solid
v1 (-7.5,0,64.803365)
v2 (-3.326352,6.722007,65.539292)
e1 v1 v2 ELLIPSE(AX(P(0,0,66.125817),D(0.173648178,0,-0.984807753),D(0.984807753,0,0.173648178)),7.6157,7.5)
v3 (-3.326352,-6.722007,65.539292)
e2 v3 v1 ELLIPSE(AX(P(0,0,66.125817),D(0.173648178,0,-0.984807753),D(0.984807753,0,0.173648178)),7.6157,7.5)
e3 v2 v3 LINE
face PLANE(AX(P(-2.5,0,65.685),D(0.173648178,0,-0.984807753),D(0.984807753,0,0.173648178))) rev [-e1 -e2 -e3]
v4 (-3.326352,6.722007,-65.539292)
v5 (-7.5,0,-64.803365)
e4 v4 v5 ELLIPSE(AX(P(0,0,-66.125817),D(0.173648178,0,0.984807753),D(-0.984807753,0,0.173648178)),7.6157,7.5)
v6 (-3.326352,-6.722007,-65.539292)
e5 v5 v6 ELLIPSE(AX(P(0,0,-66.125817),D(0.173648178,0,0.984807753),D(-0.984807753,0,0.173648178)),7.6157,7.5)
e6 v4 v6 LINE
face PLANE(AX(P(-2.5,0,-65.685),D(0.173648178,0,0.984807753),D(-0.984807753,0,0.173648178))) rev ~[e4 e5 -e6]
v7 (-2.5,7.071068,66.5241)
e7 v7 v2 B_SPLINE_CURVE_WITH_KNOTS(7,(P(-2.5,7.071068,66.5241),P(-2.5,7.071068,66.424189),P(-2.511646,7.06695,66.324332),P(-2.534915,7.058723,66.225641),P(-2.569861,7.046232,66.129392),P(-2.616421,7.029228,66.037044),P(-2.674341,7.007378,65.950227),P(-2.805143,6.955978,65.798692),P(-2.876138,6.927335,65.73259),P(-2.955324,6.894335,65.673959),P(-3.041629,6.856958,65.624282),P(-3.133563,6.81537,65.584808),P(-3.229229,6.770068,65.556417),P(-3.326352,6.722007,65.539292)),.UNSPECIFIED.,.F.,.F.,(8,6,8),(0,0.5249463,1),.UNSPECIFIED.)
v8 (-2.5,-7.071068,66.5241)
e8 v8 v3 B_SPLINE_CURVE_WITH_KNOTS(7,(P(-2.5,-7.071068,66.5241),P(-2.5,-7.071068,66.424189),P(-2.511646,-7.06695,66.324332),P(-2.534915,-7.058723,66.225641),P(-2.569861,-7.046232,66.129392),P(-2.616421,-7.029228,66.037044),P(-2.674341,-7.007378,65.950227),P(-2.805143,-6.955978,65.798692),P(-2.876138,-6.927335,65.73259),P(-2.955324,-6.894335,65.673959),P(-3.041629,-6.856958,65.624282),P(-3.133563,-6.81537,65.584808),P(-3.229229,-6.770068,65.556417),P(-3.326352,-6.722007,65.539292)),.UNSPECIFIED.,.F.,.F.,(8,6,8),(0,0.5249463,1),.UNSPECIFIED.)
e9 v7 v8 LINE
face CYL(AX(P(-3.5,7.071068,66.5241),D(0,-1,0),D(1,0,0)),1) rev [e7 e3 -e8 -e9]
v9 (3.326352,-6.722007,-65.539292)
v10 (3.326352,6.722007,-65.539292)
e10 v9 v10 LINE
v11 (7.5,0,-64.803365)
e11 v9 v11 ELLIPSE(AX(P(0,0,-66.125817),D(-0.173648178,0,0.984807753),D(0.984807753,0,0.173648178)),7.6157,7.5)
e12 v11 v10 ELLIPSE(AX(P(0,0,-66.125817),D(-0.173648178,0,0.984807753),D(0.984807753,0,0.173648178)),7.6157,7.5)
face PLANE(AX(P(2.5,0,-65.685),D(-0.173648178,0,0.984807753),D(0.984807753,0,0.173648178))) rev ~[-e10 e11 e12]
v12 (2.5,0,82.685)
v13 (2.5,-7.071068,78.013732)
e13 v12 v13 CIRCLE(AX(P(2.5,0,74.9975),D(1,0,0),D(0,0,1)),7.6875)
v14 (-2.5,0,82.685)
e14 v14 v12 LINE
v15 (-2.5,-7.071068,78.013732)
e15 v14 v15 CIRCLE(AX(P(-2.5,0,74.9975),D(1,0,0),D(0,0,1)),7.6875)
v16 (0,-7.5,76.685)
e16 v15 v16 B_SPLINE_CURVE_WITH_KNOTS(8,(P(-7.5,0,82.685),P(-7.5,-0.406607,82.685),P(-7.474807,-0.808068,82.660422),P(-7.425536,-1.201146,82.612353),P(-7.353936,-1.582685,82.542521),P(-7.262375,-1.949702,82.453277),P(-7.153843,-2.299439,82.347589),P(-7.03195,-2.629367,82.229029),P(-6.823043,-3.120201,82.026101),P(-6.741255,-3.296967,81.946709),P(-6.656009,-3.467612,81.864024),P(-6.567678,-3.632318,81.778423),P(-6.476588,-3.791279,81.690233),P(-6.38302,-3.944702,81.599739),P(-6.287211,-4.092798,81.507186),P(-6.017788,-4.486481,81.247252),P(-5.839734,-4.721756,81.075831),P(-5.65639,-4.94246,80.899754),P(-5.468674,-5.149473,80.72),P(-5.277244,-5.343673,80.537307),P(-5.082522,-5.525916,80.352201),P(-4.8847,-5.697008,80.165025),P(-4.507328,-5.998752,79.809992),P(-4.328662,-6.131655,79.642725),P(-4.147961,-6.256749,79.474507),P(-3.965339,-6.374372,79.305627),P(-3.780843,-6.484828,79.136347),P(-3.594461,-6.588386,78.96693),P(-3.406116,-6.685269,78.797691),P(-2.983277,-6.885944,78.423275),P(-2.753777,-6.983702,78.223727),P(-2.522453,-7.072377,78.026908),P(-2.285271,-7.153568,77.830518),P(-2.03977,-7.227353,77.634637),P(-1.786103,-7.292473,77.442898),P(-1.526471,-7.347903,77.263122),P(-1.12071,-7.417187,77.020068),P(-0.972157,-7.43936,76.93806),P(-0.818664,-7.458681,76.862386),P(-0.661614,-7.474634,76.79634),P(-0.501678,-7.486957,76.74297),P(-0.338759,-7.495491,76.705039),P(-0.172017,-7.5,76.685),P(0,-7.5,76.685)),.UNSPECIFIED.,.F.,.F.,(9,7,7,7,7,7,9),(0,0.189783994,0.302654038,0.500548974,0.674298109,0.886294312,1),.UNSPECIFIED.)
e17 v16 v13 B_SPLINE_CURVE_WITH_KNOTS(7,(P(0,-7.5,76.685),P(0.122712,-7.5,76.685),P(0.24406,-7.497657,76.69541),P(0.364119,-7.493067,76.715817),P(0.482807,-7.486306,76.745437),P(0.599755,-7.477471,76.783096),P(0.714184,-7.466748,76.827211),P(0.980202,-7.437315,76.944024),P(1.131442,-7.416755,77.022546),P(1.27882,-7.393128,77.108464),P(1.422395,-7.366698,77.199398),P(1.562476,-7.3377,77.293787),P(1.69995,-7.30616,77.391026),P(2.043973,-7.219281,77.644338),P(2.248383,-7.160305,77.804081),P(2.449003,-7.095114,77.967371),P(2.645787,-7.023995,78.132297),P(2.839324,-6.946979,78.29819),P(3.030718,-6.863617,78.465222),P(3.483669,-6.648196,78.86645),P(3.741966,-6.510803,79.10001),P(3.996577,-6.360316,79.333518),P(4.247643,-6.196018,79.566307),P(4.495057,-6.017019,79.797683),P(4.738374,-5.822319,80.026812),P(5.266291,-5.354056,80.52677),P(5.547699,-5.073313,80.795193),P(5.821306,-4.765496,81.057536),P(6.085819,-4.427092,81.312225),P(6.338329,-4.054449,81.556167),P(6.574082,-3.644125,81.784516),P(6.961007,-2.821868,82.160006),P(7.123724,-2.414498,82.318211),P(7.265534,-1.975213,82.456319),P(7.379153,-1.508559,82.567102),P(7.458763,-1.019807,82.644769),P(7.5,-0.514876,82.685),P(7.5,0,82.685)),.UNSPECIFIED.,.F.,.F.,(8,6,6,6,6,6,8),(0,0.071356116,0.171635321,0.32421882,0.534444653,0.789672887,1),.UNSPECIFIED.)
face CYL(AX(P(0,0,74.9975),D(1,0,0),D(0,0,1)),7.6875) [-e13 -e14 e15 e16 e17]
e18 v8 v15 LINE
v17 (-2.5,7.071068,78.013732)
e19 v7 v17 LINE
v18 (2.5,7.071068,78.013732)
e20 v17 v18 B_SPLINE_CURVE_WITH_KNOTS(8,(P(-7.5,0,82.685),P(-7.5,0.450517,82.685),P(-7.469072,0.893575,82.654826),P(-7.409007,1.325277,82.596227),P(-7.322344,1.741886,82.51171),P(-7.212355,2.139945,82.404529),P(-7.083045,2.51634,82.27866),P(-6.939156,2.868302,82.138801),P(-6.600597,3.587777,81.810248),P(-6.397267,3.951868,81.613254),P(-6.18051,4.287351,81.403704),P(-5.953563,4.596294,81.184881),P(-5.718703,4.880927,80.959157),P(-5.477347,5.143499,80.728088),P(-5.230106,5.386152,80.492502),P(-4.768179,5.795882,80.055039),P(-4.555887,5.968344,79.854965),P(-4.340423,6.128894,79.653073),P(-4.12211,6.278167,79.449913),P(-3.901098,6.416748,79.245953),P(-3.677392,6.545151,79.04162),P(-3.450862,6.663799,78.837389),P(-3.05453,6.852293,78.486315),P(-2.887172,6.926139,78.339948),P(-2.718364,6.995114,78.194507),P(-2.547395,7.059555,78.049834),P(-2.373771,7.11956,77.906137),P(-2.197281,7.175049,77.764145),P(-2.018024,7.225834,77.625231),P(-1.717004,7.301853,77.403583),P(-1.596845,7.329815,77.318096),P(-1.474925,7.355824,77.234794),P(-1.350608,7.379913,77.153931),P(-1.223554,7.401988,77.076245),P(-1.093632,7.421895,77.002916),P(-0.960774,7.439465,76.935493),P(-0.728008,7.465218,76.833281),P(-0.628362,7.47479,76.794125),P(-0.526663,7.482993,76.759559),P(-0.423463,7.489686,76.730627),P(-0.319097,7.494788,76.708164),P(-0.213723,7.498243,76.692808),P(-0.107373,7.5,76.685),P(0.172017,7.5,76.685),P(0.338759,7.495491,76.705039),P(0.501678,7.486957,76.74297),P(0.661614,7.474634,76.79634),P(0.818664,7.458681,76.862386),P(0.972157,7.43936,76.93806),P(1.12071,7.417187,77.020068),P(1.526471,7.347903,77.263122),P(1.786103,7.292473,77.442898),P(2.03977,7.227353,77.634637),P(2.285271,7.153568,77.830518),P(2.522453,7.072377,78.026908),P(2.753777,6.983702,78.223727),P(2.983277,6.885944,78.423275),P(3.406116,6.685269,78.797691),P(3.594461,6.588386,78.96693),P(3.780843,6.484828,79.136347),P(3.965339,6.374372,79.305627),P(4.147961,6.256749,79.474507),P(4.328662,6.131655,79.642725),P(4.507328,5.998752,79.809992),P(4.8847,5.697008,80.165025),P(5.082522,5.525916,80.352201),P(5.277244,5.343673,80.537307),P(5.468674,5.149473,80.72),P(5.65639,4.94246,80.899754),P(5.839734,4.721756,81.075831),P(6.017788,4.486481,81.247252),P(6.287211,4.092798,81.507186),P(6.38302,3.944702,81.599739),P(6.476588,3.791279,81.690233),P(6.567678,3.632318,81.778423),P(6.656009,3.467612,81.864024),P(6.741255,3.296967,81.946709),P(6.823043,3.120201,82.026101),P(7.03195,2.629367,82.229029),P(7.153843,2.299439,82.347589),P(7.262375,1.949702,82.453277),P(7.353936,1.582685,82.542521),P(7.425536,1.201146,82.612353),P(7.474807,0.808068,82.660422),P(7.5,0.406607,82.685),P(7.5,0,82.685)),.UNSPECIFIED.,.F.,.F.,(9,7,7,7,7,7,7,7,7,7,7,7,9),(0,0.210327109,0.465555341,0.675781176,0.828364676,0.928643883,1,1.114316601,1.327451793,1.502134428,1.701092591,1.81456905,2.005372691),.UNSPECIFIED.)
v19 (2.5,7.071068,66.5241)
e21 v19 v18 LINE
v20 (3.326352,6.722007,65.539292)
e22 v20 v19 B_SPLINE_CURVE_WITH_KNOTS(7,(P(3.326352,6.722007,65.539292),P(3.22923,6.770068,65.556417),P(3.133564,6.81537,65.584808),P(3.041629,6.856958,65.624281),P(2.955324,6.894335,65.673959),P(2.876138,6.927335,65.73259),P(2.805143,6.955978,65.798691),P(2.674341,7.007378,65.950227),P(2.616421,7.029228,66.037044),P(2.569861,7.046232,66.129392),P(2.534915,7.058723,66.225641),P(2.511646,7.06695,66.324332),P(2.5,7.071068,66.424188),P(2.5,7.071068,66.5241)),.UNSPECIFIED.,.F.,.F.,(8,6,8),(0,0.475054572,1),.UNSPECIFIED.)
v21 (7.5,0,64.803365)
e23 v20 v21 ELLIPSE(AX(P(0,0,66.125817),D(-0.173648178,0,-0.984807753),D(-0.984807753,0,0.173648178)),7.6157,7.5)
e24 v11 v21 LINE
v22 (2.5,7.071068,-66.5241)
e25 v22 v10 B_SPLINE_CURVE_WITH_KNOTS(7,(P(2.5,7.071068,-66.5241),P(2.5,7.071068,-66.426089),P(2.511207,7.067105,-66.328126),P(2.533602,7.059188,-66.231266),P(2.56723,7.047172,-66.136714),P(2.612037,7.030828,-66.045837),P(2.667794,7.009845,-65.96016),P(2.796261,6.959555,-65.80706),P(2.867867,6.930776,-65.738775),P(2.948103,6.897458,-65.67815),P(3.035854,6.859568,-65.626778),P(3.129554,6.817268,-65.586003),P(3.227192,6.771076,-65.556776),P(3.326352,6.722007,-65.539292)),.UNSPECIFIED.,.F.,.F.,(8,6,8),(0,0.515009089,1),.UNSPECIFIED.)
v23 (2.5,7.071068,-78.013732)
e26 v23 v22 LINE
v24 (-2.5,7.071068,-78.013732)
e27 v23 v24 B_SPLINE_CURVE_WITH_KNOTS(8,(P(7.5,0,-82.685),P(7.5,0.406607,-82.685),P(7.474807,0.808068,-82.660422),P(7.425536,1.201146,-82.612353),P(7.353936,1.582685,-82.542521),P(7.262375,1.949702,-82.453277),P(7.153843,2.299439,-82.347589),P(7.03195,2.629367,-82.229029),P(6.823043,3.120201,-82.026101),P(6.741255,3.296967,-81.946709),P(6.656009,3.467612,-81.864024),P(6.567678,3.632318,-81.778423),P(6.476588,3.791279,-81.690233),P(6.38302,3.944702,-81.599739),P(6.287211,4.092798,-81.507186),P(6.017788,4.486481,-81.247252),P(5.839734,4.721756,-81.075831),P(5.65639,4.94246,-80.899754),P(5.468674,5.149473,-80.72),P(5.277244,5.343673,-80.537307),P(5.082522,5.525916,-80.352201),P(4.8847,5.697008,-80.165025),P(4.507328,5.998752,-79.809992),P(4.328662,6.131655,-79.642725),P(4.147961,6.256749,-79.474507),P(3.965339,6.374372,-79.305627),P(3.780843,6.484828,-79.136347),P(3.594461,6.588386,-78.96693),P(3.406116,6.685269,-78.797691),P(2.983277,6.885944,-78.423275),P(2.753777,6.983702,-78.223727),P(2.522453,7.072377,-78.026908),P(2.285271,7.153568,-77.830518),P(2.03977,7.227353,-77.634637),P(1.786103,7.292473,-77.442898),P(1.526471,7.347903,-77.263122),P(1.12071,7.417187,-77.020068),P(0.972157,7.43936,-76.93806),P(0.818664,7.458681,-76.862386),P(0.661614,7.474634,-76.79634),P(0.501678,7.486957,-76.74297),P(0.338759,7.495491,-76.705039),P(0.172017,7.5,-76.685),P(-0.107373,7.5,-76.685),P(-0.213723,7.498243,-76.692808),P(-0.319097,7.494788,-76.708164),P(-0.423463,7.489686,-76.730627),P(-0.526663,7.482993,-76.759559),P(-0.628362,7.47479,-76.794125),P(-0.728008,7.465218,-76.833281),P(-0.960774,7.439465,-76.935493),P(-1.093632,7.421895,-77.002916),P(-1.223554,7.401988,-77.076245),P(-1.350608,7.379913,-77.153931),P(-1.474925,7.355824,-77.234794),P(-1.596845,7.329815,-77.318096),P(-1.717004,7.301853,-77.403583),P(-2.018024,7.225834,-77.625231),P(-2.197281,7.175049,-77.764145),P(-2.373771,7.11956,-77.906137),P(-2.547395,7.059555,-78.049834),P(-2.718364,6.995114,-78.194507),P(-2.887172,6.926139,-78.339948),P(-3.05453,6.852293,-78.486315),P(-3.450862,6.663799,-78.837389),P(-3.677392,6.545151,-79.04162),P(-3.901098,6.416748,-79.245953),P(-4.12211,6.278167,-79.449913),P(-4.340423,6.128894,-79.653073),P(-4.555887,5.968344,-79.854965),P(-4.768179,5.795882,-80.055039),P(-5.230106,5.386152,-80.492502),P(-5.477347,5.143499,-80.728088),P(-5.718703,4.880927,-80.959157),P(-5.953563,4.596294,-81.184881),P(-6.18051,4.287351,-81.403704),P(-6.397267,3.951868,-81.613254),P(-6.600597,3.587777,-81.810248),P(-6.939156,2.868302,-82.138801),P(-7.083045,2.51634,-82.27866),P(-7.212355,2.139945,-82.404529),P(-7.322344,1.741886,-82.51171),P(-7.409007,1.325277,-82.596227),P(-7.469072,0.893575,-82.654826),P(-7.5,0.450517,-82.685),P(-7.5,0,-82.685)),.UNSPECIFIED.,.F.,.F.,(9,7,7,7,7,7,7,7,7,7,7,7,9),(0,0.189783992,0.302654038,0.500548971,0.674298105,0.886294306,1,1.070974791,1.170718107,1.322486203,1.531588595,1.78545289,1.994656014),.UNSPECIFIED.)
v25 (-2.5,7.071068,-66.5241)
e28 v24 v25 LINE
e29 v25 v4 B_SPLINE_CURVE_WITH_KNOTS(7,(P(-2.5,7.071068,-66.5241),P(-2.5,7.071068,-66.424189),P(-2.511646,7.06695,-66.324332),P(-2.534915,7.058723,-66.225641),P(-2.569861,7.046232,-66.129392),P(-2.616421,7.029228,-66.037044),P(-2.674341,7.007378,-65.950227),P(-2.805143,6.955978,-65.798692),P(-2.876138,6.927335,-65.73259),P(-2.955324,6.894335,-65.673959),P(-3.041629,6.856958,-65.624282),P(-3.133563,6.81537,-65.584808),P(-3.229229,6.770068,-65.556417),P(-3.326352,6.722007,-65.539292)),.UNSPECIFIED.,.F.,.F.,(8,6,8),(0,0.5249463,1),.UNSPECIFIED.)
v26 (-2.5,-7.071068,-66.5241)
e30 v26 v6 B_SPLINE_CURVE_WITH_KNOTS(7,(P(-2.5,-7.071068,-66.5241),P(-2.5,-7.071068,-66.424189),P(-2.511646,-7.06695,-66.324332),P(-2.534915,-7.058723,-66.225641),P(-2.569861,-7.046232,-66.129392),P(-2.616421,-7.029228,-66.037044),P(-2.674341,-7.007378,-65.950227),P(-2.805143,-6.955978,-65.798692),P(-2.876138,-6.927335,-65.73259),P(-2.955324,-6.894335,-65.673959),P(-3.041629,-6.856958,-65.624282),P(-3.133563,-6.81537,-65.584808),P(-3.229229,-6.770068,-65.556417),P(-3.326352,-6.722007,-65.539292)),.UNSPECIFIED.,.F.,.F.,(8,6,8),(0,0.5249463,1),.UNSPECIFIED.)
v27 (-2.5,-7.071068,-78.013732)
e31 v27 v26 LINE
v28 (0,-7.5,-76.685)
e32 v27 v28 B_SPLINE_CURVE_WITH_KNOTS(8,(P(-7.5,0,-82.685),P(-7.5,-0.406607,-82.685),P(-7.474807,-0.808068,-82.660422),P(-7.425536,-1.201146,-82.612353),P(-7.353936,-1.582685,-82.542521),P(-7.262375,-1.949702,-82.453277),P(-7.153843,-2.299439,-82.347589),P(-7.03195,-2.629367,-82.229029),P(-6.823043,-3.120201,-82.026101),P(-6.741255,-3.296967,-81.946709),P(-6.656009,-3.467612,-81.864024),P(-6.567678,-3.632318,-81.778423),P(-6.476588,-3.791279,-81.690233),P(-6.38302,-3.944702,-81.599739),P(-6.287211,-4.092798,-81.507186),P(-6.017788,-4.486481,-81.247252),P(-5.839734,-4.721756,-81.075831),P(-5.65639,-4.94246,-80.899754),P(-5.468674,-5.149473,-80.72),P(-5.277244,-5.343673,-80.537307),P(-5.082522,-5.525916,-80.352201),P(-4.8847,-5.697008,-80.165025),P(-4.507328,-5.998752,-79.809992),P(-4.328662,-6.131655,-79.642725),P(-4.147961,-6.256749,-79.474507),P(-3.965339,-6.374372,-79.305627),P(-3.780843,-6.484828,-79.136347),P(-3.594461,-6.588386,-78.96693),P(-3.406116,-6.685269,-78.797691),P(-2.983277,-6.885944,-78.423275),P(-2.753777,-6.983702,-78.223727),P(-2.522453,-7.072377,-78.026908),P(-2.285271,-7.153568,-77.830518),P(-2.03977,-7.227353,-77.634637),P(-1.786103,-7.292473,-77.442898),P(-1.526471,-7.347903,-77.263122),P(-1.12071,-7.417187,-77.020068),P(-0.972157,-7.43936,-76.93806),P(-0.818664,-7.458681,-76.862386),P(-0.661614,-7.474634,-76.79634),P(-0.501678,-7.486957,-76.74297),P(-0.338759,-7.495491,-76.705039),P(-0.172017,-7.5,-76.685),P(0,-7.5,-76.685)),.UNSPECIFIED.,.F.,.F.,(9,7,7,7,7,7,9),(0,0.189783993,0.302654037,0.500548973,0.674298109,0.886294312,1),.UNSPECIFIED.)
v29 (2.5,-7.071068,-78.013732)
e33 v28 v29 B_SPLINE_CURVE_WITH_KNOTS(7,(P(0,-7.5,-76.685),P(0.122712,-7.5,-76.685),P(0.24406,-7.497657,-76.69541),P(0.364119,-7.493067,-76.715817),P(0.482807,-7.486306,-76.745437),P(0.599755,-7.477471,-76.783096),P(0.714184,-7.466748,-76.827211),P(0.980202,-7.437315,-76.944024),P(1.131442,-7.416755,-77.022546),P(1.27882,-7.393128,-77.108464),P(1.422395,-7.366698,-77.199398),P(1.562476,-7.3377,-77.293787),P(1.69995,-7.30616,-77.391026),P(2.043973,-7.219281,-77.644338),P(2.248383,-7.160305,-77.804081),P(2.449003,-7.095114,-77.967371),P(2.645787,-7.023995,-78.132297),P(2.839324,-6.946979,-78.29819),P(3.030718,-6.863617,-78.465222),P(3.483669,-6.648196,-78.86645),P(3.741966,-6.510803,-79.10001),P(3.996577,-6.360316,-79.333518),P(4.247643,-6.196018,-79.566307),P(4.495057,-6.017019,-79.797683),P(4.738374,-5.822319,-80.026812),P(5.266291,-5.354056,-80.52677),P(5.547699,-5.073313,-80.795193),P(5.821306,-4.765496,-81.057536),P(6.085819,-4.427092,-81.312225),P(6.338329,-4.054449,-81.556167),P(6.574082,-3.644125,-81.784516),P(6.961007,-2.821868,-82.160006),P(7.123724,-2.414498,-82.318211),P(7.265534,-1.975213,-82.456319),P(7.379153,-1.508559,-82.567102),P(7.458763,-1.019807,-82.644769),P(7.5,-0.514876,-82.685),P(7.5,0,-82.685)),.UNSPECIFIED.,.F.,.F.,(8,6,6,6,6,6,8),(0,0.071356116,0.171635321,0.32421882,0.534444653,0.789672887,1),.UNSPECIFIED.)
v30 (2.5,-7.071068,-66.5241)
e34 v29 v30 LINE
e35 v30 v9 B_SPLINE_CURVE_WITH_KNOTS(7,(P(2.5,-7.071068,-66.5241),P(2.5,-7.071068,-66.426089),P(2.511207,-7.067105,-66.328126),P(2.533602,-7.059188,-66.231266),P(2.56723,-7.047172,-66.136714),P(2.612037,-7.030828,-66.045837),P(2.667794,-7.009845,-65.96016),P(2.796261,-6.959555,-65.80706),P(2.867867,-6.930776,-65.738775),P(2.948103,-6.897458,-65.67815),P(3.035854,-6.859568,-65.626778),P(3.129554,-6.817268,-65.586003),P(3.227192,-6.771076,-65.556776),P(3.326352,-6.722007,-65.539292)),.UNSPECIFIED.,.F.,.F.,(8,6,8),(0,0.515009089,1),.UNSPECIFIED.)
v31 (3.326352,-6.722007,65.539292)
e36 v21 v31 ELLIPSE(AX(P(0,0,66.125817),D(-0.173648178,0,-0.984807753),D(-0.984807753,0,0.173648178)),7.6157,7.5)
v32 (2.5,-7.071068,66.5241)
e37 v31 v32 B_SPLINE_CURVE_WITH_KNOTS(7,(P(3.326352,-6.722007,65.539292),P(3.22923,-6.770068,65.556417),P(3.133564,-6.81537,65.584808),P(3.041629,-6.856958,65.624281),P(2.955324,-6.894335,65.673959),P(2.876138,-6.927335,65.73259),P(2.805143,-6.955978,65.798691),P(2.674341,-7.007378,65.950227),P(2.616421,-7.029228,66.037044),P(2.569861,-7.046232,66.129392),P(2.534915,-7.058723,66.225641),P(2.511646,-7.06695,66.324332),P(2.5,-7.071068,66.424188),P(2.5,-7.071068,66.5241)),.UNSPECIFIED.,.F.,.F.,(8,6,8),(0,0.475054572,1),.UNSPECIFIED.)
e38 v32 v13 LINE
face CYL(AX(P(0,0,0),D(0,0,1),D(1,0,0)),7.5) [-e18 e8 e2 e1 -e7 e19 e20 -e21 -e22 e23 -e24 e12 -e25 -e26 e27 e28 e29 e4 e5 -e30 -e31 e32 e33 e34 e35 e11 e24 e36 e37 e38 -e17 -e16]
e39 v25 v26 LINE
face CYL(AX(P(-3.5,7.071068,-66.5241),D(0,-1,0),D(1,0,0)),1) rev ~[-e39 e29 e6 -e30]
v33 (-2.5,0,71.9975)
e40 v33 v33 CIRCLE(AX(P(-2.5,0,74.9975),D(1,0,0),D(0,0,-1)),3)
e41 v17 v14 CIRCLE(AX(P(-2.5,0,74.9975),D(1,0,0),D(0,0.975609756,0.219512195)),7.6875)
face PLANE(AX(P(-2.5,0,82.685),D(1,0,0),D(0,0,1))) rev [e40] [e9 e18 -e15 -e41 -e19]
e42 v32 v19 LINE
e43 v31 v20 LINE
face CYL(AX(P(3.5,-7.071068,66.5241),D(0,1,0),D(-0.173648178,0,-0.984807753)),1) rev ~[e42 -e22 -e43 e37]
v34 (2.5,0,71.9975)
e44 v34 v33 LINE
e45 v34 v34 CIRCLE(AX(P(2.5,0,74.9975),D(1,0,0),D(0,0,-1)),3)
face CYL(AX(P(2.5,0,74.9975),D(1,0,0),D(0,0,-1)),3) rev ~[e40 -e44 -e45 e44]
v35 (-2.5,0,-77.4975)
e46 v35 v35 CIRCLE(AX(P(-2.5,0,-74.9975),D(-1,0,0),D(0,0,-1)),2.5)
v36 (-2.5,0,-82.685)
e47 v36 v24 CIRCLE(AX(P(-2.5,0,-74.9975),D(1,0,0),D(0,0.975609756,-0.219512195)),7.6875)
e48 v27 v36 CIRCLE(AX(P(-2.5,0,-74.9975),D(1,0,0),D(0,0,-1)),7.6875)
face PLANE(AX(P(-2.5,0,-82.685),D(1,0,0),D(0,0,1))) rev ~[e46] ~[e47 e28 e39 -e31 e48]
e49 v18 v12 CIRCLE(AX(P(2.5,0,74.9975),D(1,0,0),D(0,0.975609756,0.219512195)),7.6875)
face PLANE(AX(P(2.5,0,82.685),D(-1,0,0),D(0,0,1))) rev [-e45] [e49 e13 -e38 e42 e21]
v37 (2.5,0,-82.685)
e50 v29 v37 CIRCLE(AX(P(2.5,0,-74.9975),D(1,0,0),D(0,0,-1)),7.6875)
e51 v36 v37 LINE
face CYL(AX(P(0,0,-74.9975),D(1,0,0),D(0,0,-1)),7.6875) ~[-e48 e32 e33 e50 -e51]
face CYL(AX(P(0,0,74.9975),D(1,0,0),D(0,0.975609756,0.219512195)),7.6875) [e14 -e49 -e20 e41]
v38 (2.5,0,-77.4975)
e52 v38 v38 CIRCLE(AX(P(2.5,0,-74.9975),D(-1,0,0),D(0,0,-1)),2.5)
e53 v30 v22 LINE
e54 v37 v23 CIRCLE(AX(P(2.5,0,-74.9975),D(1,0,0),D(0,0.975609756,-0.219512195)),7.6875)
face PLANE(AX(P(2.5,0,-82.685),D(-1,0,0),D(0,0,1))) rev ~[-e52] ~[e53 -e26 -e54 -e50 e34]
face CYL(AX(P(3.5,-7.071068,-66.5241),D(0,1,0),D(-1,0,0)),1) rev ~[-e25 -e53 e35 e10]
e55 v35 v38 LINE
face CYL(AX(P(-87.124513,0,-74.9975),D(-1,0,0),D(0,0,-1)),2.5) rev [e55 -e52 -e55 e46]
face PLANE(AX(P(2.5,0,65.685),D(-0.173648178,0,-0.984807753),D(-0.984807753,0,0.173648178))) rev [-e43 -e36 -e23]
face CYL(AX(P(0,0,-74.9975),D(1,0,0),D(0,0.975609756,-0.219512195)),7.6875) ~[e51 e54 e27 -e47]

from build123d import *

# Parameters (mm, degrees)
SKETCH1_R               = 7.5
BOSS_EXTRUDE1_DEPTH     = 82.685
CUT_EXTRUDE2_DEPTH      = 84.362516907
CUT_EXTRUDE3_DEPTH      = 84.362517024
CUT_EXTRUDE4_DEPTH      = 84.624513422
CUT_EXTRUDE4_DEPTH_BACK = 84.624513422
SKETCH8_R               = 2.5
FILLET1_R               = 1
FILLET1_OF_MIRROR2_R    = 1
SKETCH9_R               = 3
CUT_EXTRUDE5_DEPTH      = 10


with BuildPart() as part:
    # Sketch1 → Boss-Extrude1 (new, symmetric)
    with BuildSketch(Plane.XY):
        Circle(SKETCH1_R)
    extrude(amount=BOSS_EXTRUDE1_DEPTH, both=True)

    # Sketch6 → Cut-Extrude2 (cut, symmetric)
    with BuildSketch(Plane(origin=(0, 0, 0), x_dir=(0, 0, -1), z_dir=(1, 0, 0))):
        with BuildLine():
            Line((82.685, 0), (82.685, 7.5))
            Line((82.685, 7.5), (76.685, 7.5))
            ThreePointArc((76.685, 7.5), (81.000428973, 4.802343178), (82.685, 0))
        make_face()
        with BuildLine():
            Line((82.685, -7.5), (82.685, 0))
            ThreePointArc((82.685, 0), (81.000428973, -4.802343178), (76.685, -7.5))
            Line((76.685, -7.5), (82.685, -7.5))
        make_face()
    cut_extrude2 = extrude(amount=CUT_EXTRUDE2_DEPTH, both=True, mode=Mode.SUBTRACT)

    # Sketch7 → Cut-Extrude3 (cut, symmetric)
    with BuildSketch(Plane(origin=(0, 0, 0), x_dir=(1, 0, 0), z_dir=(0, 1, 0))):
        Polygon((-2.5, 82.685), (-2.5, 65.685), (-7.5, 64.803365096), (-7.5, 82.685), align=None)
        Polygon((7.5, 82.685), (2.5, 82.685), (2.5, 65.685), (7.5, 64.803365096), align=None)
    cut_extrude3 = extrude(amount=CUT_EXTRUDE3_DEPTH, both=True, mode=Mode.SUBTRACT)

    # Sketch8 → Cut-Extrude4 (cut, two sides: drawn at the far end of the back side and taken through both)
    with BuildSketch(Plane(origin=(-2.5, 0, 0), x_dir=(0, 0, -1), z_dir=(1, 0, 0)).offset(-CUT_EXTRUDE4_DEPTH_BACK)):
        with Locations((74.9975, 0)):
            Circle(SKETCH8_R)
    extrude(amount=CUT_EXTRUDE4_DEPTH + CUT_EXTRUDE4_DEPTH_BACK, mode=Mode.SUBTRACT)

    # Fillet1
    fillet1_edges = [part.edges().sort_by_distance(p)[0] for p in [
        (-2.5, 0, -65.685),
        (2.5, 0, -65.685),
    ]]
    fillet(fillet1_edges, radius=FILLET1_R)

    # Mirror2: Cut-Extrude2, Cut-Extrude3 across plane
    add(cut_extrude2.mirror(Plane.XY), mode=Mode.SUBTRACT)
    add(cut_extrude3.mirror(Plane.XY), mode=Mode.SUBTRACT)

    # Fillet1 of Mirror2
    fillet1_of_mirror2_edges = [part.edges().sort_by_distance(p)[0] for p in [
        (-2.5, 0, 65.685),
        (2.5, 0, 65.685),
    ]]
    fillet(fillet1_of_mirror2_edges, radius=FILLET1_OF_MIRROR2_R)

    # Sketch9 → Cut-Extrude5 (cut)
    with BuildSketch(Plane(origin=(2.5, 0, 0), x_dir=(0, 0, -1), z_dir=(1, 0, 0))):
        with Locations((-74.9975, 0)):
            Circle(SKETCH9_R)
    extrude(amount=-CUT_EXTRUDE5_DEPTH, mode=Mode.SUBTRACT)


solid = part.part
